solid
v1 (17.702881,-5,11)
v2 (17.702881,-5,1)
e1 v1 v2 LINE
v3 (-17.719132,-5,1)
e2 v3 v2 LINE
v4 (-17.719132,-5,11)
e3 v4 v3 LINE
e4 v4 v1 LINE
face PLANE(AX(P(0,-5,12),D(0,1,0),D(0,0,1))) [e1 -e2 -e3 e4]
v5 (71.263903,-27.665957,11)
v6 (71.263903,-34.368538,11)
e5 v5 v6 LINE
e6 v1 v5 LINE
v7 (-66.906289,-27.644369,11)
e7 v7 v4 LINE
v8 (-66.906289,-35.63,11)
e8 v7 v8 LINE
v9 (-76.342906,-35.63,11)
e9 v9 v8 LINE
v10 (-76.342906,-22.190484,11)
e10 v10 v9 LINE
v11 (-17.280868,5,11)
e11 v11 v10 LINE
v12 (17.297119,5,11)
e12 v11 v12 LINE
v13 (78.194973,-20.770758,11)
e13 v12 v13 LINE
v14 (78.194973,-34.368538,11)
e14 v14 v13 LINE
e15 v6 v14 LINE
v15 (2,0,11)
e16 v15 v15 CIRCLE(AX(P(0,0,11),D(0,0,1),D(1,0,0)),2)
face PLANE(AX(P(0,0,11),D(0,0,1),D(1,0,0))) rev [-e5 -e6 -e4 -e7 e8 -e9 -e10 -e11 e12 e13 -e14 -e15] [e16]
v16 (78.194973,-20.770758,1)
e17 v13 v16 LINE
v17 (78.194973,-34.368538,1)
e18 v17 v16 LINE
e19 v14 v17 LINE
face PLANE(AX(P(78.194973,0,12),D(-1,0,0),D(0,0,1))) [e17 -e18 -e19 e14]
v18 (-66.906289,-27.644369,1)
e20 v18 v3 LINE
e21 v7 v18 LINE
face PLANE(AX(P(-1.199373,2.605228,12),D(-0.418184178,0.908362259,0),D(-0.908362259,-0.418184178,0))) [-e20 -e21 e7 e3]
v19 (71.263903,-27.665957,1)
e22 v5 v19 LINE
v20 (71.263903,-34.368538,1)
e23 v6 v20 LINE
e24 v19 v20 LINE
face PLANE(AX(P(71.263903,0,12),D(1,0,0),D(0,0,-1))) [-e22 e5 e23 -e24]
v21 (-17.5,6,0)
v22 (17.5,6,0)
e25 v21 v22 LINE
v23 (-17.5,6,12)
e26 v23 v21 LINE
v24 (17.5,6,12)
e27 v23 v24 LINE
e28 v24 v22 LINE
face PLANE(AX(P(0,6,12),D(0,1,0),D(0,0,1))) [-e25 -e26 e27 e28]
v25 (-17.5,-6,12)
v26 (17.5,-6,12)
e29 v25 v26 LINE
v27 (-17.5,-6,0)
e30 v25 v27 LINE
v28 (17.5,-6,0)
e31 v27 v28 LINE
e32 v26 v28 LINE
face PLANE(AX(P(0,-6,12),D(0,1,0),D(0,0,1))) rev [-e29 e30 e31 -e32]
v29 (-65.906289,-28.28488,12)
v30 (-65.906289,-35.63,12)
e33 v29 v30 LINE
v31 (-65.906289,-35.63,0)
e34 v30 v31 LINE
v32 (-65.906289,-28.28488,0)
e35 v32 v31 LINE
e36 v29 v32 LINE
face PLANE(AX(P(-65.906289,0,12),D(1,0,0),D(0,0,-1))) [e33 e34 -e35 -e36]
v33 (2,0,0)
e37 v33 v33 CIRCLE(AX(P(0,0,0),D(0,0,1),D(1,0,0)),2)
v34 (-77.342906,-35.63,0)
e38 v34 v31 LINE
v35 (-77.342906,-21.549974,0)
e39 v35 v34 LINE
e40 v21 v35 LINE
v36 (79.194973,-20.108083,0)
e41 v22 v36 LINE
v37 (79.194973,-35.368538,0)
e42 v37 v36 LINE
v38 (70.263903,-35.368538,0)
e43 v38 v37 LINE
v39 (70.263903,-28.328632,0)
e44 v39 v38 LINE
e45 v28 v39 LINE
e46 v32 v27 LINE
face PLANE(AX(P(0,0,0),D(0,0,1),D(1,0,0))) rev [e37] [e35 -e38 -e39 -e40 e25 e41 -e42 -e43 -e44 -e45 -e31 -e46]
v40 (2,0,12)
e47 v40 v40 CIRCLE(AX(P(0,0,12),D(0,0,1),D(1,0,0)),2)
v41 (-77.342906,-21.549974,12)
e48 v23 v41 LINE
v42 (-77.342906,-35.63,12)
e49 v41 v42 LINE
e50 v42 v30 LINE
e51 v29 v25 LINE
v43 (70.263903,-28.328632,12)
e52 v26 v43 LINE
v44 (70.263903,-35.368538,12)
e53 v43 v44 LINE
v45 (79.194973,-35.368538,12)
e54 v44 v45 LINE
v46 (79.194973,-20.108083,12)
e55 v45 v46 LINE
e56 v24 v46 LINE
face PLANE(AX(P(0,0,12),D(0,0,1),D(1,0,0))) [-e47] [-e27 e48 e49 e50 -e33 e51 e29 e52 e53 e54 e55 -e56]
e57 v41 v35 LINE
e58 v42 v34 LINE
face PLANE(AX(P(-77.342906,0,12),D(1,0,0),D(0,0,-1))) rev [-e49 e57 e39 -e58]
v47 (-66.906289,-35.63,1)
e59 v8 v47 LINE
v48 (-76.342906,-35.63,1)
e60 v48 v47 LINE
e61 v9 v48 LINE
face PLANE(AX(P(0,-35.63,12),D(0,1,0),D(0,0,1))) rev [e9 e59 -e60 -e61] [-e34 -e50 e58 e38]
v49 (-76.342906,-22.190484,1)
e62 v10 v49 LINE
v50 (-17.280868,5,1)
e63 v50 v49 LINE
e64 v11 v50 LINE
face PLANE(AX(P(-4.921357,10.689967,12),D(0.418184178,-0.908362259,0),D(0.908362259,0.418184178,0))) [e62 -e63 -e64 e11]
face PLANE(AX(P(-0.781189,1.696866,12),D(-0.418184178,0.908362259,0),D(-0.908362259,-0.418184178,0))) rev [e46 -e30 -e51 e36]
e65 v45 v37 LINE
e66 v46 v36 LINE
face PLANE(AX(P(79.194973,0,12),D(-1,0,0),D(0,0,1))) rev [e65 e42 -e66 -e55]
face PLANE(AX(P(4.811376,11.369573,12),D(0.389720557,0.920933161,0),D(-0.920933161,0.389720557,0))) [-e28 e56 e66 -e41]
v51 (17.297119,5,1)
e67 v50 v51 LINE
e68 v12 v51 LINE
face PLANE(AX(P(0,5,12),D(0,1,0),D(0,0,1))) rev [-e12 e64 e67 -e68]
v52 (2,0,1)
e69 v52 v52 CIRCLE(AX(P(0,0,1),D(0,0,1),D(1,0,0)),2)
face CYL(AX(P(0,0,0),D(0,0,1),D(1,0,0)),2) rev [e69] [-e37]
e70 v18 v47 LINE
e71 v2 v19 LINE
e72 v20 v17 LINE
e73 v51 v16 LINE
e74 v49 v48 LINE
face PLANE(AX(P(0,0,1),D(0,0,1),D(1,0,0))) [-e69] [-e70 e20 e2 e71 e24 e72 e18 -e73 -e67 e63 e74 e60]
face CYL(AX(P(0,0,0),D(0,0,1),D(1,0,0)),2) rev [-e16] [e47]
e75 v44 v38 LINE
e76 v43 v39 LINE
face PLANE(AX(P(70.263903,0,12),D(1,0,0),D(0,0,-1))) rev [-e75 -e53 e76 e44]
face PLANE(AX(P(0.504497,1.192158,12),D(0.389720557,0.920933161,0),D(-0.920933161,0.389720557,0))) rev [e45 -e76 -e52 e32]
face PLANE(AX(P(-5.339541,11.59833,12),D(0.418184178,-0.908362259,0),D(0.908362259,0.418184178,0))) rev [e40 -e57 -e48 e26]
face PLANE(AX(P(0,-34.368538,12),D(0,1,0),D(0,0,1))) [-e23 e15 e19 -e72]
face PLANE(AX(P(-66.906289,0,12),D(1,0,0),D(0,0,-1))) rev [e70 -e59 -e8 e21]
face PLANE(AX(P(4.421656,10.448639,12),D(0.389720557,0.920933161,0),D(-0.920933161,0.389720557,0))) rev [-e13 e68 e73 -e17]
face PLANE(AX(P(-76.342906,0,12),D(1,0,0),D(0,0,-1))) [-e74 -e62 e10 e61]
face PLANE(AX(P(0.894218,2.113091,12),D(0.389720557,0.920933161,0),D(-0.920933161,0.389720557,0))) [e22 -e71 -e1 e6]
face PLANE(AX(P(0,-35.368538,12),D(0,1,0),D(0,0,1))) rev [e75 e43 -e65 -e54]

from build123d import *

# Parameters (mm, degrees)
BOSS_EXTRUDE1_DEPTH = 12
SHELL1_T            = -1
SKETCH2_W           = 10
SKETCH2_H           = 10
CUT_EXTRUDE1_DEPTH  = 12
SKETCH3_R           = 2
CUT_EXTRUDE2_DEPTH  = 12
SKETCH5_W           = 0.21800788
SKETCH5_H           = 12
CUT_EXTRUDE3_DEPTH  = 1.937482958


with BuildPart() as part:
    # Sketch1 → Boss-Extrude1 (new body)
    with BuildSketch(Plane.XY):
        Polygon((-17.5, 6), (-77.342905627, -21.549973615), (-77.342905627, -35.63), (-65.906288607, -35.63), (-65.906288607, -28.284880053), (-17.5, -6), (17.5, -6), (70.263903397, -28.328632203), (70.263903397, -35.368537604), (79.19497343, -35.368537604), (79.19497343, -20.108083023), (17.5, 6), align=None)
    extrude(amount=BOSS_EXTRUDE1_DEPTH)

    # Shell1
    shell1_openings = [part.faces().sort_by_distance(p)[0] for p in [
        (-71.624597117, -35.63, 6),
    ]]
    offset(amount=SHELL1_T, openings=shell1_openings, kind=Kind.INTERSECTION)

    # Sketch2 → Cut-Extrude1 (cut)
    with BuildSketch(Plane.XZ.offset(35.63)):
        with Locations((89.157094373, 6.101364163)):
            Rectangle(SKETCH2_W, SKETCH2_H)
    extrude(amount=-CUT_EXTRUDE1_DEPTH, mode=Mode.SUBTRACT)

    # Sketch3 → Cut-Extrude2 (cut)
    with BuildSketch(Plane.XY.offset(12)):
        Circle(SKETCH3_R)
    extrude(amount=-CUT_EXTRUDE2_DEPTH, mode=Mode.SUBTRACT)

    # Sketch5 → Cut-Extrude3 (cut)
    with BuildSketch(Plane.XZ.offset(35.63)):
        with Locations((83.048090433, 6)):
            Rectangle(SKETCH5_W, SKETCH5_H)
    extrude(amount=-CUT_EXTRUDE3_DEPTH, mode=Mode.SUBTRACT)


solid = part.part
